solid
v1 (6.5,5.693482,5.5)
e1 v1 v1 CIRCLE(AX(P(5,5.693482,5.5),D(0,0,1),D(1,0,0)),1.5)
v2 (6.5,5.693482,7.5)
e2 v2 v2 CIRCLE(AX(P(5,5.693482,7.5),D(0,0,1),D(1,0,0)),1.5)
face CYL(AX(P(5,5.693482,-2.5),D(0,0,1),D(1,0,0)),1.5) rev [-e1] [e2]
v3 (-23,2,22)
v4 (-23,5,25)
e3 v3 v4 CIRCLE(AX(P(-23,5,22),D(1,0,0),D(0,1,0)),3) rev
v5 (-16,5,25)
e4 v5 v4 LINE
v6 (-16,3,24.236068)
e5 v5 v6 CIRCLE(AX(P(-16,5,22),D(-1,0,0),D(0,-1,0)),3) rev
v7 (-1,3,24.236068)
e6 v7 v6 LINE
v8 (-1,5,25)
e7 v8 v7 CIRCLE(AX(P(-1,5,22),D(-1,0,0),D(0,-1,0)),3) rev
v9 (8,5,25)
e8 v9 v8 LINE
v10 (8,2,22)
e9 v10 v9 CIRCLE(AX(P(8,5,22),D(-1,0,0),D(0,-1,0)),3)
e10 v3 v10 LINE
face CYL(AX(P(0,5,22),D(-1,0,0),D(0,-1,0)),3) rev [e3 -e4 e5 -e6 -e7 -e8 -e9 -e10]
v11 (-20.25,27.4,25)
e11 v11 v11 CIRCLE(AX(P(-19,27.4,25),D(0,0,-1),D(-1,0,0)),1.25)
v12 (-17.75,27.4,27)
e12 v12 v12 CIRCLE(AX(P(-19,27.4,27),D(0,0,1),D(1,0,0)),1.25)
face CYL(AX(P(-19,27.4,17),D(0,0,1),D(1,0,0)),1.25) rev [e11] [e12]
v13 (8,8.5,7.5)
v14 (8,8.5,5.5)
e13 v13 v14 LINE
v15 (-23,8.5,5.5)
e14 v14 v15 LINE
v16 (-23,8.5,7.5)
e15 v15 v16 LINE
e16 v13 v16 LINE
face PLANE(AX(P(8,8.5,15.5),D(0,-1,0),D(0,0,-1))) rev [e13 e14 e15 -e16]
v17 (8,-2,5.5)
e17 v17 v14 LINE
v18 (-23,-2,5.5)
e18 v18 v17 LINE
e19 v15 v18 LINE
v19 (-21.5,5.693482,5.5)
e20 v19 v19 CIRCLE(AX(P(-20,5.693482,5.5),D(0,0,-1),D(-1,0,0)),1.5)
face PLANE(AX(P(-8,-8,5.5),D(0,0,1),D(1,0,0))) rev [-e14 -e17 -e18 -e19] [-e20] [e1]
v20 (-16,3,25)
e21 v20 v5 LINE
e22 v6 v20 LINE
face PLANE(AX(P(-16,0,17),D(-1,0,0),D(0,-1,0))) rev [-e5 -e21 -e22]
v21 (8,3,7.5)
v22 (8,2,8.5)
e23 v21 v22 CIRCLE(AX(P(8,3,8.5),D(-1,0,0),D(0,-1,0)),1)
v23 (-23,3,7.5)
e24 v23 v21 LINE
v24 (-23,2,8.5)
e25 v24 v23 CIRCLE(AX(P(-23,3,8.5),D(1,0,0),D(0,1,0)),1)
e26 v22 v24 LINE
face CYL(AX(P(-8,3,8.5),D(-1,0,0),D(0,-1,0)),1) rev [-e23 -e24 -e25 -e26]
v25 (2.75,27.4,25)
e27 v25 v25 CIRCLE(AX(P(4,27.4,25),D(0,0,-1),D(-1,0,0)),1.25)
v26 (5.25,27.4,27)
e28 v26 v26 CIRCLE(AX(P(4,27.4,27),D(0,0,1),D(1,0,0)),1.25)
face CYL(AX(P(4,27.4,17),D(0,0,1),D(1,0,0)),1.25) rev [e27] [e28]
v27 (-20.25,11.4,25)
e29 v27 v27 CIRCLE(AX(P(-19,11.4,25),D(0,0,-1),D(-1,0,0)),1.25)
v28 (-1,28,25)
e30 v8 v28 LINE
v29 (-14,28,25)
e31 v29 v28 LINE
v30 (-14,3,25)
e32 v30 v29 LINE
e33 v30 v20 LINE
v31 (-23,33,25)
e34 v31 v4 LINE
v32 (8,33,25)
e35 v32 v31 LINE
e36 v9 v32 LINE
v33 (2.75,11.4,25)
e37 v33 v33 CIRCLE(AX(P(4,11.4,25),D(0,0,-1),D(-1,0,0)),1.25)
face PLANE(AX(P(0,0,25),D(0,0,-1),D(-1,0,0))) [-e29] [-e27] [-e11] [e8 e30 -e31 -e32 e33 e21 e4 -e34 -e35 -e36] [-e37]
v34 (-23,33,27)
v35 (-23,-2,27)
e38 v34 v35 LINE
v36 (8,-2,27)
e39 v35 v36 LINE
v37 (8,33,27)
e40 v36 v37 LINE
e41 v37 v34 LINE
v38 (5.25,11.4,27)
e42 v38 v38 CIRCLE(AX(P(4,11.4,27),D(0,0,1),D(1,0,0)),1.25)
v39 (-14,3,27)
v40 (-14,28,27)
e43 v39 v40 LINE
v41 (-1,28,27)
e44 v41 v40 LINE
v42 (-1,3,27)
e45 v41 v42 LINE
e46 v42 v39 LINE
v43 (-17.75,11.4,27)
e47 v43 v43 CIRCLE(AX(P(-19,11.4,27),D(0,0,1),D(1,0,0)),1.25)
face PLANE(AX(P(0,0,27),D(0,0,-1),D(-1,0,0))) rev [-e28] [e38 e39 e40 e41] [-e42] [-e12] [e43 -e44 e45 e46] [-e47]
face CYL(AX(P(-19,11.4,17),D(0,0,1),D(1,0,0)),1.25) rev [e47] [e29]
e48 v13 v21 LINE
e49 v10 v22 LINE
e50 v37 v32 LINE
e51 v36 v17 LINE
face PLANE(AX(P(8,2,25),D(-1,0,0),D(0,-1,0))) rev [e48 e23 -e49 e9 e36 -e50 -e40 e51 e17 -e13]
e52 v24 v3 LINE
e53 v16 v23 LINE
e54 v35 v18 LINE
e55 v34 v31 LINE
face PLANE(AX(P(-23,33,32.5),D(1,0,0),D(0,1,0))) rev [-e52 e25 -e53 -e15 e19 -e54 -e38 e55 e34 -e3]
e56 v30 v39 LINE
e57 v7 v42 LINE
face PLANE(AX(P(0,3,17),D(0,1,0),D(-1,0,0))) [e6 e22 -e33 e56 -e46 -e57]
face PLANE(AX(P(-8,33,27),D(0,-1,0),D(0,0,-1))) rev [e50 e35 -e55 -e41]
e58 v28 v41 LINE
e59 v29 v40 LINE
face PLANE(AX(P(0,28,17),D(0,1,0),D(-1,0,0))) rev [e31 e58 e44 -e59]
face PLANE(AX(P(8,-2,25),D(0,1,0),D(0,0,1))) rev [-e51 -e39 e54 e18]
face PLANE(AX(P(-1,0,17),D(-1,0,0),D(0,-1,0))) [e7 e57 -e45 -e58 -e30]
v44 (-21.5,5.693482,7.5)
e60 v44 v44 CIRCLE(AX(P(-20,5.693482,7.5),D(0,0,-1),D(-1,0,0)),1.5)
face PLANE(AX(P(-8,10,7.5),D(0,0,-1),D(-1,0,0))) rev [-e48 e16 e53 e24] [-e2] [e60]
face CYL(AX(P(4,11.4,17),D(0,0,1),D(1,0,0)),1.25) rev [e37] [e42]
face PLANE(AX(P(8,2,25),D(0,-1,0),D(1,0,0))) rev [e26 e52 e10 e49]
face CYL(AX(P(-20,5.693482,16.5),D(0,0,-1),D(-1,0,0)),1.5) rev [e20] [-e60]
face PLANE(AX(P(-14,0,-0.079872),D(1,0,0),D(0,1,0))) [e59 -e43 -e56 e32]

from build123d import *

# Parameters (mm, degrees)
SKETCH1_W           = 16
SKETCH1_H           = 4
BOSS_EXTRUDE1_DEPTH = 25
SKETCH2_W           = 16
SKETCH2_H           = 35
BOSS_EXTRUDE2_DEPTH = 2
FILLET1_R           = 3
SKETCH9_W           = 16
SKETCH9_H           = 5.5
CUT_EXTRUDE6_DEPTH  = 10
SKETCH10_W          = 16
SKETCH10_H          = 2
BOSS_EXTRUDE4_DEPTH = 8
SKETCH12_R          = 1.5
CUT_EXTRUDE7_DEPTH  = 10
SKETCH13_R          = 1
CUT_EXTRUDE8_DEPTH  = 10
BOSS_EXTRUDE5_START = 17
BOSS_EXTRUDE5_DEPTH = 17
SKETCH15_W          = 33
SKETCH15_H          = 1.5
CUT_EXTRUDE9_DEPTH  = 10
SKETCH17_W          = 7.5
SKETCH17_H          = 25
CUT_EXTRUDE11_DEPTH = 10
SKETCH18_R          = 1.1
CUT_EXTRUDE12_DEPTH = 27
SKETCH19_W          = 2
SKETCH19_H          = 35
CUT_EXTRUDE13_DEPTH = 27
SKETCH21_W          = 2
SKETCH21_H          = 25
BOSS_EXTRUDE6_DEPTH = 2
SKETCH22_R          = 1.5
CUT_EXTRUDE14_DEPTH = 11
FILLET2_R           = 1
SKETCH23_R          = 1.25
CUT_EXTRUDE15_DEPTH = 10


with BuildPart() as part:
    # Sketch1 → Boss-Extrude1 (new body)
    with BuildSketch(Plane.XY):
        Rectangle(SKETCH1_W, SKETCH1_H)
    extrude(amount=BOSS_EXTRUDE1_DEPTH)

    # Sketch2 → Boss-Extrude2 (add)
    with BuildSketch(Plane.XY.offset(25)):
        with Locations((0, 15.5)):
            Rectangle(SKETCH2_W, SKETCH2_H)
    extrude(amount=BOSS_EXTRUDE2_DEPTH)

    # Fillet1
    fillet1_edges = [part.edges().sort_by_distance(p)[0] for p in [
        (0, 2, 25),
    ]]
    fillet(fillet1_edges, radius=FILLET1_R)

    # Sketch9 → Cut-Extrude6 (cut)
    with BuildSketch(Plane(origin=(0, 2, 0), x_dir=(1, 0, 0), z_dir=(0, 1, 0))):
        with Locations((0, -2.75)):
            Rectangle(SKETCH9_W, SKETCH9_H)
    extrude(amount=-CUT_EXTRUDE6_DEPTH, mode=Mode.SUBTRACT)

    # Sketch10 → Boss-Extrude4 (add)
    with BuildSketch(Plane(origin=(0, 2, 0), x_dir=(1, 0, 0), z_dir=(0, 1, 0))):
        with Locations((0, -6.5)):
            Rectangle(SKETCH10_W, SKETCH10_H)
    extrude(amount=BOSS_EXTRUDE4_DEPTH)

    # Sketch12 → Cut-Extrude7 (cut)
    with BuildSketch(Plane.XY.offset(7.5)):
        with Locations((5, 5.69348198)):
            Circle(SKETCH12_R)
    extrude(amount=-CUT_EXTRUDE7_DEPTH, mode=Mode.SUBTRACT)

    # Sketch13 → Cut-Extrude8 (cut)
    with BuildSketch(Plane.XY.offset(27)):
        with Locations((4, 27.4)):
            Circle(SKETCH13_R)
        with Locations((4, 11.4)):
            Circle(SKETCH13_R)
    extrude(amount=-CUT_EXTRUDE8_DEPTH, mode=Mode.SUBTRACT)

    # Sketch14 → Boss-Extrude5 (add)
    with BuildSketch(Plane.ZY.offset(8).offset(BOSS_EXTRUDE5_START)):
        with BuildLine():
            Line((5.5, 10), (7.5, 10))
            Line((7.5, 10), (7.5, 2))
            Line((7.5, 2), (22, 2))
            ThreePointArc((22, 2), (24.121320344, 2.878679656), (25, 5))
            Line((25, 5), (25, 33))
            Line((25, 33), (27, 33))
            Line((27, 33), (27, -2))
            Line((27, -2), (5.5, -2))
            Line((5.5, -2), (5.5, 10))
        make_face()
    extrude(amount=-BOSS_EXTRUDE5_DEPTH)

    # Sketch15 → Cut-Extrude9 (cut)
    with BuildSketch(Plane(origin=(0, 0, 5.5), x_dir=(-1, 0, 0), z_dir=(0, 0, -1))):
        with Locations((8.5, 9.25)):
            Rectangle(SKETCH15_W, SKETCH15_H)
    extrude(amount=-CUT_EXTRUDE9_DEPTH, mode=Mode.SUBTRACT)

    # Sketch17 → Cut-Extrude11 (cut)
    with BuildSketch(Plane.XY.offset(27)):
        with Locations((-12.25, 15.5)):
            Rectangle(SKETCH17_W, SKETCH17_H)
        with Locations((-4.75, 15.5)):
            Rectangle(SKETCH17_W, SKETCH17_H)
    extrude(amount=-CUT_EXTRUDE11_DEPTH, mode=Mode.SUBTRACT)

    # Sketch18 → Cut-Extrude12 (cut)
    with BuildSketch(Plane(origin=(0, 0, 25), x_dir=(-1, 0, 0), z_dir=(0, 0, -1))):
        with Locations((19, 11.4)):
            Circle(SKETCH18_R)
        with Locations((19, 27.4)):
            Circle(SKETCH18_R)
        with Locations((-4, 27.4)):
            Circle(SKETCH18_R)
        with Locations((-4, 11.4)):
            Circle(SKETCH18_R)
    extrude(amount=-CUT_EXTRUDE12_DEPTH, mode=Mode.SUBTRACT)

    # Sketch19 → Cut-Extrude13 (cut)
    with BuildSketch(Plane(origin=(0, 0, 5.5), x_dir=(-1, 0, 0), z_dir=(0, 0, -1))):
        with Locations((24, 15.5)):
            Rectangle(SKETCH19_W, SKETCH19_H)
    extrude(amount=-CUT_EXTRUDE13_DEPTH, mode=Mode.SUBTRACT)

    # Sketch21 → Boss-Extrude6 (add)
    with BuildSketch(Plane.XY.offset(27)):
        with Locations((-15, 15.5)):
            Rectangle(SKETCH21_W, SKETCH21_H)
    extrude(amount=-BOSS_EXTRUDE6_DEPTH)

    # Sketch22 → Cut-Extrude14 (cut)
    with BuildSketch(Plane(origin=(0, 0, 5.5), x_dir=(-1, 0, 0), z_dir=(0, 0, -1))):
        with Locations((20, 5.69348198)):
            Circle(SKETCH22_R)
    extrude(amount=-CUT_EXTRUDE14_DEPTH, mode=Mode.SUBTRACT)

    # Fillet2
    fillet2_edges = [part.edges().sort_by_distance(p)[0] for p in [
        (-7.5, 2, 7.5),
    ]]
    fillet(fillet2_edges, radius=FILLET2_R)

    # Sketch23 → Cut-Extrude15 (cut)
    with BuildSketch(Plane.XY.offset(27)):
        with Locations((4, 27.4)):
            Circle(SKETCH23_R)
        with Locations((4, 11.4)):
            Circle(SKETCH23_R)
        with Locations((-19, 11.4)):
            Circle(SKETCH23_R)
        with Locations((-19, 27.4)):
            Circle(SKETCH23_R)
    extrude(amount=-CUT_EXTRUDE15_DEPTH, mode=Mode.SUBTRACT)


solid = part.part
